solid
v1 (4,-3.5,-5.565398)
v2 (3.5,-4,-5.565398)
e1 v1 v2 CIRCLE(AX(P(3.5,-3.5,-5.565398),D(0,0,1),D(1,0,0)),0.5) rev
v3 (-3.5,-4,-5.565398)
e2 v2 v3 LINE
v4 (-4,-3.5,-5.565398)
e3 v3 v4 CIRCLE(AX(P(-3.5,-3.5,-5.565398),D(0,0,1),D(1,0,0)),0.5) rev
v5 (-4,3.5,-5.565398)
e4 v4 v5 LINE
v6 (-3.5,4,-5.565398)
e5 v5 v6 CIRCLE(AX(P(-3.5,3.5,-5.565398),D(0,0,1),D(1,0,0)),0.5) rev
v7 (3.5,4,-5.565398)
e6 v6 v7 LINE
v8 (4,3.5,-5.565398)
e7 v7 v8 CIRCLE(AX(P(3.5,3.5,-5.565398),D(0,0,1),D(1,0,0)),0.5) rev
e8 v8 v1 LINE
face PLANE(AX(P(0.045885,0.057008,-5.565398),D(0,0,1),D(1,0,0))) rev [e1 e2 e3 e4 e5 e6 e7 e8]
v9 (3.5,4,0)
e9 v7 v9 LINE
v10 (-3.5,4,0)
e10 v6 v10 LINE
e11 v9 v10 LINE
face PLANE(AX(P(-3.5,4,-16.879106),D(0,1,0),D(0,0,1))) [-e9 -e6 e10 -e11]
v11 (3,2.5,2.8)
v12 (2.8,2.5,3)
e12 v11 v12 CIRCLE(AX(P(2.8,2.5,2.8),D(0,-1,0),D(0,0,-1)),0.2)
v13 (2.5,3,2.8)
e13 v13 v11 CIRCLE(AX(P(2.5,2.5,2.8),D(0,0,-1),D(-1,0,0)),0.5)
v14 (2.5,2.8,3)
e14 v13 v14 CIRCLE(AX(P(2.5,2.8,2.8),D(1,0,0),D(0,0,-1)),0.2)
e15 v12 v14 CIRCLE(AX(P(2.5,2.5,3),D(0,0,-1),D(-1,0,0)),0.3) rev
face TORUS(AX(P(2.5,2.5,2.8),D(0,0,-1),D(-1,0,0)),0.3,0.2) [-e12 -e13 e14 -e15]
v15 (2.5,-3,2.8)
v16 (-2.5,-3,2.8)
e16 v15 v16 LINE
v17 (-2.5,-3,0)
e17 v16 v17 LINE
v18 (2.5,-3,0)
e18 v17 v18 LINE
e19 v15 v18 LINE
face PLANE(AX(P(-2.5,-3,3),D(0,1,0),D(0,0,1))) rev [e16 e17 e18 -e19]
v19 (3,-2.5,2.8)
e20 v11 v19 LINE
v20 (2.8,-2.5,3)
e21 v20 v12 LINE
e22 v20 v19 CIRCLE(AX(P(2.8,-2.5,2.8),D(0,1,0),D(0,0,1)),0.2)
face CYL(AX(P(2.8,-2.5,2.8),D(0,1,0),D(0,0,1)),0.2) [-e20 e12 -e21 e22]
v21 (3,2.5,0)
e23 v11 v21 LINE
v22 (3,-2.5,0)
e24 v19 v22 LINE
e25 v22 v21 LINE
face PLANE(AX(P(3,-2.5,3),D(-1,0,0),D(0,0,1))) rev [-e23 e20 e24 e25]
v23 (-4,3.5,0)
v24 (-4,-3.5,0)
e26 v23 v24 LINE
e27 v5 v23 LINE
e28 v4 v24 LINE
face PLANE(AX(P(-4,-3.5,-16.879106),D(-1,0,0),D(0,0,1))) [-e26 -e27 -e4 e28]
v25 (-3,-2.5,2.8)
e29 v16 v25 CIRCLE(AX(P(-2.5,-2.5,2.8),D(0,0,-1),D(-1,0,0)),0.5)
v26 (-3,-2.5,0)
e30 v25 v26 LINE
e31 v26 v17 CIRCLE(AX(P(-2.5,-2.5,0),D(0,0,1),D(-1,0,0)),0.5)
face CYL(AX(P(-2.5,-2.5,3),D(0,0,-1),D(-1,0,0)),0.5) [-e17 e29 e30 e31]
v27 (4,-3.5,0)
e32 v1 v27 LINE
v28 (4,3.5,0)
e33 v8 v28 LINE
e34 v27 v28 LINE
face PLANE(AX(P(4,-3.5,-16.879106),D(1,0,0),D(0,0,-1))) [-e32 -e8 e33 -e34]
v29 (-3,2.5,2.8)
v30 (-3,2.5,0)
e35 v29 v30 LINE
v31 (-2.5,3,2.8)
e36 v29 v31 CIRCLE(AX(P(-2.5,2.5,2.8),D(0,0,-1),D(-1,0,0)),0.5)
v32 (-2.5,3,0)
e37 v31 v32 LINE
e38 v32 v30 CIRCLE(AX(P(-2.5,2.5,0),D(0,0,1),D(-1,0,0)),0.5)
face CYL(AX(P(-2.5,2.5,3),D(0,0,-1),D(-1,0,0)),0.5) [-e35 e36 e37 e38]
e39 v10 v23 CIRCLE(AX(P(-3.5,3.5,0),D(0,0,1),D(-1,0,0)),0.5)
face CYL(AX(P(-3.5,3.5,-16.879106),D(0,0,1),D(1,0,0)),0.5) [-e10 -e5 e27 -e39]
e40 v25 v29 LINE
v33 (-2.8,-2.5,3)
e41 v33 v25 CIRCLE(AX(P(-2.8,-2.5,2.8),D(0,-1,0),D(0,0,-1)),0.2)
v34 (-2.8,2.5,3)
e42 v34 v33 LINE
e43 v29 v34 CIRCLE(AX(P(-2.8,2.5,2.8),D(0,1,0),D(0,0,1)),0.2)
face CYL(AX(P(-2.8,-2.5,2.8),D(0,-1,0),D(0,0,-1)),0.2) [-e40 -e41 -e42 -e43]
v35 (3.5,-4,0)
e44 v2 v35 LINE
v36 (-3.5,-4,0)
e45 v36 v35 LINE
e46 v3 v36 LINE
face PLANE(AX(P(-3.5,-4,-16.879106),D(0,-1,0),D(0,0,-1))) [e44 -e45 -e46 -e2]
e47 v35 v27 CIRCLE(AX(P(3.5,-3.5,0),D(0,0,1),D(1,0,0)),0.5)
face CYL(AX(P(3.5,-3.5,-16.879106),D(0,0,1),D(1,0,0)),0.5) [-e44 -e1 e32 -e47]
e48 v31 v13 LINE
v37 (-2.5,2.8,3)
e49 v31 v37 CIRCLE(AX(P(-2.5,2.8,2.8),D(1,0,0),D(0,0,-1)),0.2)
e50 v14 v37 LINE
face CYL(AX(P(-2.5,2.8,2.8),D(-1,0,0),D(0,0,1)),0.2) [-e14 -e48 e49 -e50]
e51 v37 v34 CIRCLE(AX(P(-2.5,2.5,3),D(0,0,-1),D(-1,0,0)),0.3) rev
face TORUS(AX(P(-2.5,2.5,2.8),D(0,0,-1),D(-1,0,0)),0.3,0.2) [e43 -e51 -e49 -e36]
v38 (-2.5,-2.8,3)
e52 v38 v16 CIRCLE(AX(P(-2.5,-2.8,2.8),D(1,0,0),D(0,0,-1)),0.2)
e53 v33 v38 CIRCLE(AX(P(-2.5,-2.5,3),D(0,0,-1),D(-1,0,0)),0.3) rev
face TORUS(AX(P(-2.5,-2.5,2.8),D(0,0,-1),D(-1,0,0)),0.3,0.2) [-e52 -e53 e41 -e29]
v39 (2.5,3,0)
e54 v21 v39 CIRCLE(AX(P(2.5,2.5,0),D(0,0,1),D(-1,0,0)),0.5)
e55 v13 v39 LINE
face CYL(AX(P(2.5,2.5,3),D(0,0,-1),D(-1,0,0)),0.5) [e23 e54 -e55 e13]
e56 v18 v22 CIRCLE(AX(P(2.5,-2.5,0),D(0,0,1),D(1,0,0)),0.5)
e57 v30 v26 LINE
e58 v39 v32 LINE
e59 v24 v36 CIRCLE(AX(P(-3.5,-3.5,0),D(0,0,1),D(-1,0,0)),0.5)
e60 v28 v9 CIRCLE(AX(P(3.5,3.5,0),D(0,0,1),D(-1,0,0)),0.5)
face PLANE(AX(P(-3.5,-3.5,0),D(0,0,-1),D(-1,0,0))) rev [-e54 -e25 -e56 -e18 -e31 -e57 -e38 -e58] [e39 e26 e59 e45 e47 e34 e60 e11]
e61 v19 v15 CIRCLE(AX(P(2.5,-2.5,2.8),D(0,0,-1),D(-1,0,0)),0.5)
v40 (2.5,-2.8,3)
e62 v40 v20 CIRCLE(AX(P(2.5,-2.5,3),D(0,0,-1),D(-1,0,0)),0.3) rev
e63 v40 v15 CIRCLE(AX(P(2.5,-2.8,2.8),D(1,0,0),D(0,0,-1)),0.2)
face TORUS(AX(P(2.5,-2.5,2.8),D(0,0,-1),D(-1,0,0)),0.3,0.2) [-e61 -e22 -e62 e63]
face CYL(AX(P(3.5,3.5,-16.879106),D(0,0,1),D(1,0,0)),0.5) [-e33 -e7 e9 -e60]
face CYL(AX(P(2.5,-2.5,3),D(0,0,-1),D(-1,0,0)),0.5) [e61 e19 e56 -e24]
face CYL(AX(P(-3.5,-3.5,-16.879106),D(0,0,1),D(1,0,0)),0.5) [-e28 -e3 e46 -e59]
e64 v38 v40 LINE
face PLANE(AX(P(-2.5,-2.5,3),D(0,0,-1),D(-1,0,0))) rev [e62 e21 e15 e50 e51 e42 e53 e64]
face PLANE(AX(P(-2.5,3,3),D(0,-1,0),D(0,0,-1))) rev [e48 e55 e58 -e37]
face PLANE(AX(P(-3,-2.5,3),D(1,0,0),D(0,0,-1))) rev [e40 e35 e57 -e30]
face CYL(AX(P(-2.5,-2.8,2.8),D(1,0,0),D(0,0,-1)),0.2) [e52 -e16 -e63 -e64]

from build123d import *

# Parameters (mm, degrees)
BOSS_EXTRU_1_DEPTH = 3
CONG_1_R           = 0.2
BOSS_EXTRU_2_DEPTH = 5.565397746


with BuildPart() as part:
    # Esquisse1 → Boss.-Extru.1 (new body)
    with BuildSketch(Plane.XY):
        with BuildLine():
            Line((-2.5, -3), (2.5, -3))
            ThreePointArc((2.5, -3), (2.853553391, -2.853553391), (3, -2.5))
            Line((3, -2.5), (3, 2.5))
            ThreePointArc((3, 2.5), (2.853553391, 2.853553391), (2.5, 3))
            Line((2.5, 3), (-2.5, 3))
            ThreePointArc((-2.5, 3), (-2.853553391, 2.853553391), (-3, 2.5))
            Line((-3, 2.5), (-3, -2.5))
            ThreePointArc((-3, -2.5), (-2.853553391, -2.853553391), (-2.5, -3))
        make_face()
    extrude(amount=BOSS_EXTRU_1_DEPTH)

    # Congé1
    cong_1_edges = [part.edges().sort_by_distance(p)[0] for p in [
        (2.853553391, -2.853553391, 3),
        (3, 0, 3),
        (2.853553391, 2.853553391, 3),
        (0, 3, 3),
        (-2.853553391, 2.853553391, 3),
        (-3, 0, 3),
        (-2.853553391, -2.853553391, 3),
        (0, -3, 3),
    ]]
    fillet(cong_1_edges, radius=CONG_1_R)

    # Esquisse2 → Boss.-Extru.2 (add)
    with BuildSketch(Plane.XY):
        with BuildLine():
            Line((-3.5, -4), (3.5, -4))
            ThreePointArc((3.5, -4), (3.853553391, -3.853553391), (4, -3.5))
            Line((4, -3.5), (4, 3.5))
            ThreePointArc((4, 3.5), (3.853553391, 3.853553391), (3.5, 4))
            Line((3.5, 4), (-3.5, 4))
            ThreePointArc((-3.5, 4), (-3.853553391, 3.853553391), (-4, 3.5))
            Line((-4, 3.5), (-4, -3.5))
            ThreePointArc((-4, -3.5), (-3.853553391, -3.853553391), (-3.5, -4))
        make_face()
    extrude(amount=-BOSS_EXTRU_2_DEPTH)


solid = part.part
